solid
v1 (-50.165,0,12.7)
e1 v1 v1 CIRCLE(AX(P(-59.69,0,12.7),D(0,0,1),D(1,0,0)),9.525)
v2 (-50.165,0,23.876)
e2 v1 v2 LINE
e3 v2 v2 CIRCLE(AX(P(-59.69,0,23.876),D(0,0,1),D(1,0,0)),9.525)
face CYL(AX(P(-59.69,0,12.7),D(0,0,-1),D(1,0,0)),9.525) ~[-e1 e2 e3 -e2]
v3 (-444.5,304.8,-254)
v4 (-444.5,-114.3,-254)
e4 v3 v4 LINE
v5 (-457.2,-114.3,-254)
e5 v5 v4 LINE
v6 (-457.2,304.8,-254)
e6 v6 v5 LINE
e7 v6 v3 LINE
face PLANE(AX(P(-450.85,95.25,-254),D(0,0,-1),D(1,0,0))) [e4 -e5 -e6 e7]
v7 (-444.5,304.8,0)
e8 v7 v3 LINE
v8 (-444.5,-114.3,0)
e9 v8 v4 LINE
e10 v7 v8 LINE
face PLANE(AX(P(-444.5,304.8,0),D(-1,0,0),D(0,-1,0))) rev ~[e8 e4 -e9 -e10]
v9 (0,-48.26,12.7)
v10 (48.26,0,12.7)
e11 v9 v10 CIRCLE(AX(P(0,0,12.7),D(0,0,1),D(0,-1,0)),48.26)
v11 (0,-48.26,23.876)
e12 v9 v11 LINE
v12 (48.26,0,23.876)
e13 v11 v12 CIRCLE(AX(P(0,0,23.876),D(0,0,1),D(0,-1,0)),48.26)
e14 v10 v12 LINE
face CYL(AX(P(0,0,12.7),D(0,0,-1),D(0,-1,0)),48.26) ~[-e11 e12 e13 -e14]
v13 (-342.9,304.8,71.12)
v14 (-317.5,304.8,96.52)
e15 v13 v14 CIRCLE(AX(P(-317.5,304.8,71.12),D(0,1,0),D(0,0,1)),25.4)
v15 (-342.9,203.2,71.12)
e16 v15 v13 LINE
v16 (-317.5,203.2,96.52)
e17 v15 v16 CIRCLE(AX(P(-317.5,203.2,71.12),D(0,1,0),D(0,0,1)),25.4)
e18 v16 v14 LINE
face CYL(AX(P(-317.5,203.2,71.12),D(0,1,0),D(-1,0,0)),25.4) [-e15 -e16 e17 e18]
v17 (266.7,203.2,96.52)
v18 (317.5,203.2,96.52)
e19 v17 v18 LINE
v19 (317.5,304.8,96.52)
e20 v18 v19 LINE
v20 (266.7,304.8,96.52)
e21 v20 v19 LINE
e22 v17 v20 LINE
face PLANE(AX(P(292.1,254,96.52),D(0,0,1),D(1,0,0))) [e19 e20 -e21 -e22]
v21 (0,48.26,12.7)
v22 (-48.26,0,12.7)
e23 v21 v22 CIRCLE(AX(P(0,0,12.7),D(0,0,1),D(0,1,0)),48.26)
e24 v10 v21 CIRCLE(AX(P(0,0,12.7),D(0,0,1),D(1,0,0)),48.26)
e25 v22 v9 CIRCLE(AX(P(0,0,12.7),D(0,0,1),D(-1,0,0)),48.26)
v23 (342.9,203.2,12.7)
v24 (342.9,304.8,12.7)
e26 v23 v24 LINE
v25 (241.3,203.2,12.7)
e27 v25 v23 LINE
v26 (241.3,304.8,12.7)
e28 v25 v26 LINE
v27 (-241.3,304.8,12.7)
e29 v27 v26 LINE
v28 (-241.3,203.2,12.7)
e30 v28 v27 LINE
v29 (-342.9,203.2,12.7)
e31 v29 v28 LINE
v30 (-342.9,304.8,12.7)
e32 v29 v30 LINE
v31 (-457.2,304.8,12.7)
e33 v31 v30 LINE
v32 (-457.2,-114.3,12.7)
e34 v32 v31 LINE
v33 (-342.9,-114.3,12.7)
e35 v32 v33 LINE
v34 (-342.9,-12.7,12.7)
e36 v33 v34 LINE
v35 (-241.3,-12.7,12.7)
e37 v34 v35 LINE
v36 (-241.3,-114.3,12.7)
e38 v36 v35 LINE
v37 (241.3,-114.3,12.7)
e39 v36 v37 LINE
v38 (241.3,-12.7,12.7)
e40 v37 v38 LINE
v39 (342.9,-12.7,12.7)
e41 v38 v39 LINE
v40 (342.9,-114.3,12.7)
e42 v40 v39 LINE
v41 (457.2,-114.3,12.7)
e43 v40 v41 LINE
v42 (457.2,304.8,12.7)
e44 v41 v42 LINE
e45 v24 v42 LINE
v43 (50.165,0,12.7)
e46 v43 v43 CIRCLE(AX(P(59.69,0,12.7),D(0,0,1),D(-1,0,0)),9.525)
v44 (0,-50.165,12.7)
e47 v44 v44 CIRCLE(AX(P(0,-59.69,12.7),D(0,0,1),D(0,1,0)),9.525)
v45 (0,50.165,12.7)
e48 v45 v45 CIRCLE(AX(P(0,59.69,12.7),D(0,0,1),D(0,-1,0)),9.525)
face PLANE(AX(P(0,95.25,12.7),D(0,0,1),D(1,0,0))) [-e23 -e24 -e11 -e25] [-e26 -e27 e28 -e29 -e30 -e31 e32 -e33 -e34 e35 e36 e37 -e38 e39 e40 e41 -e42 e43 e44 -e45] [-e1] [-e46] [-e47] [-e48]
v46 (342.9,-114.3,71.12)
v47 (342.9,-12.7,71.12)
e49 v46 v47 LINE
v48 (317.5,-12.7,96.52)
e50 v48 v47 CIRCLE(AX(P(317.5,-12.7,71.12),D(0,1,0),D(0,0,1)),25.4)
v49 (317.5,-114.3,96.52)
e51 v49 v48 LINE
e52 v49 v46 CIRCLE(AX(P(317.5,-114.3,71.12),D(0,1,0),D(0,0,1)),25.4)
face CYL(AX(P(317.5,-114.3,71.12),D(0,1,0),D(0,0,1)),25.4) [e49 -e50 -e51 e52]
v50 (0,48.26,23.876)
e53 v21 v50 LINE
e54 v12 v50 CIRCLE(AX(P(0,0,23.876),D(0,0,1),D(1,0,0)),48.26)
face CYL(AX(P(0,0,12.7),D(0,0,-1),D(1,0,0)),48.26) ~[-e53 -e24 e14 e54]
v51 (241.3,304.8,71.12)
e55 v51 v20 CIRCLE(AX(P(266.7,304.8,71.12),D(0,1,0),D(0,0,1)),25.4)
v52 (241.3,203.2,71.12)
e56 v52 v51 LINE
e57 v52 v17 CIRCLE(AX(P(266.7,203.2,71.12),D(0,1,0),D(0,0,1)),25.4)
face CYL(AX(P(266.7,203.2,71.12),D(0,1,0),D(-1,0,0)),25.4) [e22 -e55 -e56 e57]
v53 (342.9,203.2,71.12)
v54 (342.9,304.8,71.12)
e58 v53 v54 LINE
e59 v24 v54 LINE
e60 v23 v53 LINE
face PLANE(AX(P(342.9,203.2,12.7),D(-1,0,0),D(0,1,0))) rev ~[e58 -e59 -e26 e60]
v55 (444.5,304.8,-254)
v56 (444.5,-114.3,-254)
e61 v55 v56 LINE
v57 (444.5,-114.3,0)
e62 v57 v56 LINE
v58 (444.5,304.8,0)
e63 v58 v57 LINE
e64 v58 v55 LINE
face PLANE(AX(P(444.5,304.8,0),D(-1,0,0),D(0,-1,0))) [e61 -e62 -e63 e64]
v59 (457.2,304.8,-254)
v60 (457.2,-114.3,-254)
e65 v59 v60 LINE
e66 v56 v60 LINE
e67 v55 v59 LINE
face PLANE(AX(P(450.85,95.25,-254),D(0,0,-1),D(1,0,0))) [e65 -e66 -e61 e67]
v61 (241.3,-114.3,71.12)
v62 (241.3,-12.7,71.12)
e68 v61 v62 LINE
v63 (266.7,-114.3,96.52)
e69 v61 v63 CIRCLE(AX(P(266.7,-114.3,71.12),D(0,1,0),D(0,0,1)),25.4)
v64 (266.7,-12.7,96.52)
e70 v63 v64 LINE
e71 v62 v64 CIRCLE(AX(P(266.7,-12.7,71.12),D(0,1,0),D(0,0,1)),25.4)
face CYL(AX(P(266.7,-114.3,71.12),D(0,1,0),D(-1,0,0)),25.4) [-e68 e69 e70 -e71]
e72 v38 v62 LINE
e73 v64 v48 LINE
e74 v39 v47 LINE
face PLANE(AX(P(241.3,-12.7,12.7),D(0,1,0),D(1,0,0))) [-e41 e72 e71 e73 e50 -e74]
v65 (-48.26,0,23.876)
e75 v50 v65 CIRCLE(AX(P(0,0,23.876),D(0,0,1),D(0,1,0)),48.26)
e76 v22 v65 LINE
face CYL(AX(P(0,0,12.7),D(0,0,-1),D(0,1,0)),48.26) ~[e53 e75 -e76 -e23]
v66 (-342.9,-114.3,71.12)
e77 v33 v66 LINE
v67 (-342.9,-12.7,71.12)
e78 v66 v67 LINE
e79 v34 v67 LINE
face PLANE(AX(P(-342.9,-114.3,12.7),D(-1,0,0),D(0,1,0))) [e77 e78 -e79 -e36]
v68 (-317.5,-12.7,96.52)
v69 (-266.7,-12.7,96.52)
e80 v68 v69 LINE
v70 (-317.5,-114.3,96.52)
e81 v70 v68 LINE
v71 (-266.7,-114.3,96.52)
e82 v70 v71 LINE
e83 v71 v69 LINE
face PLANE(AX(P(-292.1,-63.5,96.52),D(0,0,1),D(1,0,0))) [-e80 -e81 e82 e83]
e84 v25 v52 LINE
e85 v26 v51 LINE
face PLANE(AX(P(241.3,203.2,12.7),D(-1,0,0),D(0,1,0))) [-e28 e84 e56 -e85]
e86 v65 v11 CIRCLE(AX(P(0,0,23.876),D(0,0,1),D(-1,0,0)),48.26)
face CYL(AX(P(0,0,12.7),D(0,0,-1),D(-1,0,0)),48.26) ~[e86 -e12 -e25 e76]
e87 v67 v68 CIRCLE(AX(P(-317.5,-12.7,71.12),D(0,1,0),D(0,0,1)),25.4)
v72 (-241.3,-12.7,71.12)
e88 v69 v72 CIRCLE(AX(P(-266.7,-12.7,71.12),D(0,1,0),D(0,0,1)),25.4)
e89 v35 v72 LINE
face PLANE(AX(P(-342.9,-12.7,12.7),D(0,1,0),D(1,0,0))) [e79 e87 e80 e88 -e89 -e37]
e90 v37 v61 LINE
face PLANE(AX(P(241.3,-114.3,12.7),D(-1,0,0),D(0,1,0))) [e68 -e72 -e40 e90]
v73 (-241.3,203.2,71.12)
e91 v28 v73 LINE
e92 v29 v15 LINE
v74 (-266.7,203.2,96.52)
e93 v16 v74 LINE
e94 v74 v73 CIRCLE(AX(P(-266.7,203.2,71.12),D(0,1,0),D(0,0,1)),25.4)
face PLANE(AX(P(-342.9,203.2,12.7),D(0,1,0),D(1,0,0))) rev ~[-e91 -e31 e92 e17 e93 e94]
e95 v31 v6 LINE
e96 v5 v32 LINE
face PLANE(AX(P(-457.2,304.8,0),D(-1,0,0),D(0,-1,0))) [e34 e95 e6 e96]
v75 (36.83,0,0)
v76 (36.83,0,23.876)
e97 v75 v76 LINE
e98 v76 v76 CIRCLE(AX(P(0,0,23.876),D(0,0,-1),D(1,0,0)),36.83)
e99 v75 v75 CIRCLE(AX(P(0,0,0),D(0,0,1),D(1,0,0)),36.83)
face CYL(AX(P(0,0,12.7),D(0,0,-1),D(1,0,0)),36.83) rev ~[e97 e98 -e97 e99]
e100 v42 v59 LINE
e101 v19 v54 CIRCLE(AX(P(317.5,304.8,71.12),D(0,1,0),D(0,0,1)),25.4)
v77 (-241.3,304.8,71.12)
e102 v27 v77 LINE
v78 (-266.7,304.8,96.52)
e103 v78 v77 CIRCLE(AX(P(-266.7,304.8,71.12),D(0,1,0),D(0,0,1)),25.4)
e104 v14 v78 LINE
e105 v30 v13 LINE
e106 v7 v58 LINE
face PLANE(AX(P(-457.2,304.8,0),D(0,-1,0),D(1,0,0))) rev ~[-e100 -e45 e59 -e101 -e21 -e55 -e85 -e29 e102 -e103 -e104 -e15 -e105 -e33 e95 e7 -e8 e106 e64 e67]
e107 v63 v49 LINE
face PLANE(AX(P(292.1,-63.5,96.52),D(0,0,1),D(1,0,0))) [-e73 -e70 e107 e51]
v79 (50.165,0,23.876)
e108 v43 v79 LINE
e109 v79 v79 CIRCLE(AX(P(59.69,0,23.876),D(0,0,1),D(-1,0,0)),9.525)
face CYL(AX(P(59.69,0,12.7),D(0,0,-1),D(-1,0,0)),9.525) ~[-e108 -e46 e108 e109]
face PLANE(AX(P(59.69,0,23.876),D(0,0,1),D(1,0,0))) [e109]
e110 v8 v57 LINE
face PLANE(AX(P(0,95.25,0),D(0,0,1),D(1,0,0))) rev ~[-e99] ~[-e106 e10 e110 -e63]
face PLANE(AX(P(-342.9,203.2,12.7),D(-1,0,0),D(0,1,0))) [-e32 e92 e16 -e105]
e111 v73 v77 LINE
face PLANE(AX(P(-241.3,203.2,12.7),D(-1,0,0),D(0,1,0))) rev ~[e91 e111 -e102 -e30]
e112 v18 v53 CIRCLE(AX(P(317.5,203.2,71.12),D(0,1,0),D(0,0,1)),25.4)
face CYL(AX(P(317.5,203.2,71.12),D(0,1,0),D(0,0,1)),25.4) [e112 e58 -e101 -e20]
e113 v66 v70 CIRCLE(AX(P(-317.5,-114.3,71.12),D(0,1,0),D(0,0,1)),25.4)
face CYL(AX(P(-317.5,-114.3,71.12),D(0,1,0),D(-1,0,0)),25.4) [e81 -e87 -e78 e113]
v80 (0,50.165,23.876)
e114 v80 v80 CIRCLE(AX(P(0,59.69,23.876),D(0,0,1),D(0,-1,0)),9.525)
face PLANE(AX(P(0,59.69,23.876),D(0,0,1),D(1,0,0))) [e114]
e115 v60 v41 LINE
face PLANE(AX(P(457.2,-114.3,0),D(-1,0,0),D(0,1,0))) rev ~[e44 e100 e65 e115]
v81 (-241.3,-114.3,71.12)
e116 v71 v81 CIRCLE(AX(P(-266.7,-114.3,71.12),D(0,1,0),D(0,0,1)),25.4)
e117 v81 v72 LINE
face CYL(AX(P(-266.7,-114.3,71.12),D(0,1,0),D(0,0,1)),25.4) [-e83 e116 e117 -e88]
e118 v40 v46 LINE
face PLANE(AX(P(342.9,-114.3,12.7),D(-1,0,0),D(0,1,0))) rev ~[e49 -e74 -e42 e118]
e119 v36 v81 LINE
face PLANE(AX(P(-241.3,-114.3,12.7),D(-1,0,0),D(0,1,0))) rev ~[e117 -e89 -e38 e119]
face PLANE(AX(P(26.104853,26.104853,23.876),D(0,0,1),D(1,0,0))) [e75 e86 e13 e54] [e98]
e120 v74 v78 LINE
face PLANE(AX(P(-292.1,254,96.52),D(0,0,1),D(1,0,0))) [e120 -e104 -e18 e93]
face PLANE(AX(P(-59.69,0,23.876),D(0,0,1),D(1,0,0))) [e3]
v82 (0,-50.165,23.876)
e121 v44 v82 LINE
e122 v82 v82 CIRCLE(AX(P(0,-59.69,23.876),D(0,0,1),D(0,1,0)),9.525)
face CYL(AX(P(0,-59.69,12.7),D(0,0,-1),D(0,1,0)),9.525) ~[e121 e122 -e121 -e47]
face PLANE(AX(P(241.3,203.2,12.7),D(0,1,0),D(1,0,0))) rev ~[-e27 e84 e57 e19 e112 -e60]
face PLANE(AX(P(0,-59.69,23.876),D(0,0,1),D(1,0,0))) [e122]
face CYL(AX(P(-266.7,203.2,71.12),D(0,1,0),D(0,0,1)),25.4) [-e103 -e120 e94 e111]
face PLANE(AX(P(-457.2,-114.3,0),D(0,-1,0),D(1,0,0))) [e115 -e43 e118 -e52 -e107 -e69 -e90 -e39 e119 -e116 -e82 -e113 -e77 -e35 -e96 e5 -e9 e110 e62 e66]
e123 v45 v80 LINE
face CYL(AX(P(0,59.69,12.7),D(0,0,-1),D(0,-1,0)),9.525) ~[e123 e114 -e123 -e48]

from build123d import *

# Parameters (mm, degrees)
F0_W     = 914.4
F0_H     = 419.1
F1_DEPTH = 12.7
F2_R     = 36.83
F3_DEPTH = 12.7
F4_R     = 9.525
F5_DEPTH = 11.176
F6_W     = 101.6
F6_H     = 101.6
F7_DEPTH = 83.82
F8_W     = 12.7
F8_H     = 419.1
F9_DEPTH = 254
F10_R    = 25.4


with BuildPart() as f1:
    # F0 (on Top) → F1 (new body)
    with BuildSketch(Plane.XY):
        with Locations((0, 95.25)):
            Rectangle(F0_W, F0_H)
    extrude(amount=F1_DEPTH)

    # F2 (on face) → F3 (cut)
    with BuildSketch(Plane.XY.offset(12.7)):
        Circle(F2_R)
    extrude(amount=-F3_DEPTH, mode=Mode.SUBTRACT)

    # F4 (on face) → F5 (join)
    with BuildSketch(Plane.XY.offset(12.7)):
        with BuildLine():
            ThreePointArc((9.525, 59.69), (-6.7351920908, 66.4251920908), (0, 50.165))
            ThreePointArc((0, 50.165), (6.7351920908, 52.9548079092), (9.525, 59.69))
        make_face()
        with BuildLine():
            Line((36.83, 0), (48.26, 0))
            ThreePointArc((48.26, 0), (34.1249732601, 34.1249732601), (0, 48.26))
            Line((0, 48.26), (0, 36.83))
            ThreePointArc((0, 36.83), (26.0427427511, 26.0427427511), (36.83, 0))
        make_face()
        with BuildLine():
            Line((0, 36.83), (0, 48.26))
            ThreePointArc((0, 48.26), (-34.1249732601, 34.1249732601), (-48.26, 0))
            Line((-48.26, 0), (-36.83, 0))
            ThreePointArc((-36.83, 0), (-26.0427427511, 26.0427427511), (0, 36.83))
        make_face()
        with BuildLine():
            ThreePointArc((-48.26, 0), (-34.1249732601, -34.1249732601), (0, -48.26))
            Line((0, -48.26), (0, -36.83))
            ThreePointArc((0, -36.83), (-26.0427427511, -26.0427427511), (-36.83, 0))
            Line((-36.83, 0), (-48.26, 0))
        make_face()
        with BuildLine():
            ThreePointArc((0, -48.26), (34.1249732601, -34.1249732601), (48.26, 0))
            Line((48.26, 0), (36.83, 0))
            ThreePointArc((36.83, 0), (26.0427427511, -26.0427427511), (0, -36.83))
            Line((0, -36.83), (0, -48.26))
        make_face()
        with Locations((-59.69, 0)):
            Circle(F4_R)
        with BuildLine():
            ThreePointArc((9.525, -59.69), (6.7351920908, -52.9548079092), (0, -50.165))
            ThreePointArc((0, -50.165), (-6.7351920908, -66.4251920908), (9.525, -59.69))
        make_face()
        with BuildLine():
            ThreePointArc((69.215, 0), (59.69, 9.525), (50.165, 0))
            ThreePointArc((50.165, 0), (59.69, -9.525), (69.215, 0))
        make_face()
    extrude(amount=F5_DEPTH)

    # F6 (on face) → F7 (join)
    with BuildSketch(Plane.XY.offset(12.7)):
        with Locations((-292.1, 254)):
            Rectangle(F6_W, F6_H)
        with Locations((-292.1, -63.5)):
            Rectangle(F6_W, F6_H)
        with Locations((292.1, -63.5)):
            Rectangle(F6_W, F6_H)
        with Locations((292.1, 254)):
            Rectangle(F6_W, F6_H)
    extrude(amount=F7_DEPTH)

    # F8 (on face) → F9 (join)
    with BuildSketch(Plane(origin=(0, 0, 0), x_dir=(1, 0, 0), z_dir=(0, 0, -1))):
        with Locations((-450.85, -95.25)):
            Rectangle(F8_W, F8_H)
        with Locations((450.85, -95.25)):
            Rectangle(F8_W, F8_H)
    extrude(amount=F9_DEPTH)

    # F10
    f10_edges = [f1.edges().sort_by_distance(p)[0] for p in [
        (-342.9, -63.5, 96.52),
        (-342.9, 254, 96.52),
        (-241.3, 254, 96.52),
        (-241.3, -63.5, 96.52),
        (241.3, -63.5, 96.52),
        (241.3, 254, 96.52),
        (342.9, 254, 96.52),
        (342.9, -63.5, 96.52),
    ]]
    fillet(f10_edges, radius=F10_R)


solid = f1.part
